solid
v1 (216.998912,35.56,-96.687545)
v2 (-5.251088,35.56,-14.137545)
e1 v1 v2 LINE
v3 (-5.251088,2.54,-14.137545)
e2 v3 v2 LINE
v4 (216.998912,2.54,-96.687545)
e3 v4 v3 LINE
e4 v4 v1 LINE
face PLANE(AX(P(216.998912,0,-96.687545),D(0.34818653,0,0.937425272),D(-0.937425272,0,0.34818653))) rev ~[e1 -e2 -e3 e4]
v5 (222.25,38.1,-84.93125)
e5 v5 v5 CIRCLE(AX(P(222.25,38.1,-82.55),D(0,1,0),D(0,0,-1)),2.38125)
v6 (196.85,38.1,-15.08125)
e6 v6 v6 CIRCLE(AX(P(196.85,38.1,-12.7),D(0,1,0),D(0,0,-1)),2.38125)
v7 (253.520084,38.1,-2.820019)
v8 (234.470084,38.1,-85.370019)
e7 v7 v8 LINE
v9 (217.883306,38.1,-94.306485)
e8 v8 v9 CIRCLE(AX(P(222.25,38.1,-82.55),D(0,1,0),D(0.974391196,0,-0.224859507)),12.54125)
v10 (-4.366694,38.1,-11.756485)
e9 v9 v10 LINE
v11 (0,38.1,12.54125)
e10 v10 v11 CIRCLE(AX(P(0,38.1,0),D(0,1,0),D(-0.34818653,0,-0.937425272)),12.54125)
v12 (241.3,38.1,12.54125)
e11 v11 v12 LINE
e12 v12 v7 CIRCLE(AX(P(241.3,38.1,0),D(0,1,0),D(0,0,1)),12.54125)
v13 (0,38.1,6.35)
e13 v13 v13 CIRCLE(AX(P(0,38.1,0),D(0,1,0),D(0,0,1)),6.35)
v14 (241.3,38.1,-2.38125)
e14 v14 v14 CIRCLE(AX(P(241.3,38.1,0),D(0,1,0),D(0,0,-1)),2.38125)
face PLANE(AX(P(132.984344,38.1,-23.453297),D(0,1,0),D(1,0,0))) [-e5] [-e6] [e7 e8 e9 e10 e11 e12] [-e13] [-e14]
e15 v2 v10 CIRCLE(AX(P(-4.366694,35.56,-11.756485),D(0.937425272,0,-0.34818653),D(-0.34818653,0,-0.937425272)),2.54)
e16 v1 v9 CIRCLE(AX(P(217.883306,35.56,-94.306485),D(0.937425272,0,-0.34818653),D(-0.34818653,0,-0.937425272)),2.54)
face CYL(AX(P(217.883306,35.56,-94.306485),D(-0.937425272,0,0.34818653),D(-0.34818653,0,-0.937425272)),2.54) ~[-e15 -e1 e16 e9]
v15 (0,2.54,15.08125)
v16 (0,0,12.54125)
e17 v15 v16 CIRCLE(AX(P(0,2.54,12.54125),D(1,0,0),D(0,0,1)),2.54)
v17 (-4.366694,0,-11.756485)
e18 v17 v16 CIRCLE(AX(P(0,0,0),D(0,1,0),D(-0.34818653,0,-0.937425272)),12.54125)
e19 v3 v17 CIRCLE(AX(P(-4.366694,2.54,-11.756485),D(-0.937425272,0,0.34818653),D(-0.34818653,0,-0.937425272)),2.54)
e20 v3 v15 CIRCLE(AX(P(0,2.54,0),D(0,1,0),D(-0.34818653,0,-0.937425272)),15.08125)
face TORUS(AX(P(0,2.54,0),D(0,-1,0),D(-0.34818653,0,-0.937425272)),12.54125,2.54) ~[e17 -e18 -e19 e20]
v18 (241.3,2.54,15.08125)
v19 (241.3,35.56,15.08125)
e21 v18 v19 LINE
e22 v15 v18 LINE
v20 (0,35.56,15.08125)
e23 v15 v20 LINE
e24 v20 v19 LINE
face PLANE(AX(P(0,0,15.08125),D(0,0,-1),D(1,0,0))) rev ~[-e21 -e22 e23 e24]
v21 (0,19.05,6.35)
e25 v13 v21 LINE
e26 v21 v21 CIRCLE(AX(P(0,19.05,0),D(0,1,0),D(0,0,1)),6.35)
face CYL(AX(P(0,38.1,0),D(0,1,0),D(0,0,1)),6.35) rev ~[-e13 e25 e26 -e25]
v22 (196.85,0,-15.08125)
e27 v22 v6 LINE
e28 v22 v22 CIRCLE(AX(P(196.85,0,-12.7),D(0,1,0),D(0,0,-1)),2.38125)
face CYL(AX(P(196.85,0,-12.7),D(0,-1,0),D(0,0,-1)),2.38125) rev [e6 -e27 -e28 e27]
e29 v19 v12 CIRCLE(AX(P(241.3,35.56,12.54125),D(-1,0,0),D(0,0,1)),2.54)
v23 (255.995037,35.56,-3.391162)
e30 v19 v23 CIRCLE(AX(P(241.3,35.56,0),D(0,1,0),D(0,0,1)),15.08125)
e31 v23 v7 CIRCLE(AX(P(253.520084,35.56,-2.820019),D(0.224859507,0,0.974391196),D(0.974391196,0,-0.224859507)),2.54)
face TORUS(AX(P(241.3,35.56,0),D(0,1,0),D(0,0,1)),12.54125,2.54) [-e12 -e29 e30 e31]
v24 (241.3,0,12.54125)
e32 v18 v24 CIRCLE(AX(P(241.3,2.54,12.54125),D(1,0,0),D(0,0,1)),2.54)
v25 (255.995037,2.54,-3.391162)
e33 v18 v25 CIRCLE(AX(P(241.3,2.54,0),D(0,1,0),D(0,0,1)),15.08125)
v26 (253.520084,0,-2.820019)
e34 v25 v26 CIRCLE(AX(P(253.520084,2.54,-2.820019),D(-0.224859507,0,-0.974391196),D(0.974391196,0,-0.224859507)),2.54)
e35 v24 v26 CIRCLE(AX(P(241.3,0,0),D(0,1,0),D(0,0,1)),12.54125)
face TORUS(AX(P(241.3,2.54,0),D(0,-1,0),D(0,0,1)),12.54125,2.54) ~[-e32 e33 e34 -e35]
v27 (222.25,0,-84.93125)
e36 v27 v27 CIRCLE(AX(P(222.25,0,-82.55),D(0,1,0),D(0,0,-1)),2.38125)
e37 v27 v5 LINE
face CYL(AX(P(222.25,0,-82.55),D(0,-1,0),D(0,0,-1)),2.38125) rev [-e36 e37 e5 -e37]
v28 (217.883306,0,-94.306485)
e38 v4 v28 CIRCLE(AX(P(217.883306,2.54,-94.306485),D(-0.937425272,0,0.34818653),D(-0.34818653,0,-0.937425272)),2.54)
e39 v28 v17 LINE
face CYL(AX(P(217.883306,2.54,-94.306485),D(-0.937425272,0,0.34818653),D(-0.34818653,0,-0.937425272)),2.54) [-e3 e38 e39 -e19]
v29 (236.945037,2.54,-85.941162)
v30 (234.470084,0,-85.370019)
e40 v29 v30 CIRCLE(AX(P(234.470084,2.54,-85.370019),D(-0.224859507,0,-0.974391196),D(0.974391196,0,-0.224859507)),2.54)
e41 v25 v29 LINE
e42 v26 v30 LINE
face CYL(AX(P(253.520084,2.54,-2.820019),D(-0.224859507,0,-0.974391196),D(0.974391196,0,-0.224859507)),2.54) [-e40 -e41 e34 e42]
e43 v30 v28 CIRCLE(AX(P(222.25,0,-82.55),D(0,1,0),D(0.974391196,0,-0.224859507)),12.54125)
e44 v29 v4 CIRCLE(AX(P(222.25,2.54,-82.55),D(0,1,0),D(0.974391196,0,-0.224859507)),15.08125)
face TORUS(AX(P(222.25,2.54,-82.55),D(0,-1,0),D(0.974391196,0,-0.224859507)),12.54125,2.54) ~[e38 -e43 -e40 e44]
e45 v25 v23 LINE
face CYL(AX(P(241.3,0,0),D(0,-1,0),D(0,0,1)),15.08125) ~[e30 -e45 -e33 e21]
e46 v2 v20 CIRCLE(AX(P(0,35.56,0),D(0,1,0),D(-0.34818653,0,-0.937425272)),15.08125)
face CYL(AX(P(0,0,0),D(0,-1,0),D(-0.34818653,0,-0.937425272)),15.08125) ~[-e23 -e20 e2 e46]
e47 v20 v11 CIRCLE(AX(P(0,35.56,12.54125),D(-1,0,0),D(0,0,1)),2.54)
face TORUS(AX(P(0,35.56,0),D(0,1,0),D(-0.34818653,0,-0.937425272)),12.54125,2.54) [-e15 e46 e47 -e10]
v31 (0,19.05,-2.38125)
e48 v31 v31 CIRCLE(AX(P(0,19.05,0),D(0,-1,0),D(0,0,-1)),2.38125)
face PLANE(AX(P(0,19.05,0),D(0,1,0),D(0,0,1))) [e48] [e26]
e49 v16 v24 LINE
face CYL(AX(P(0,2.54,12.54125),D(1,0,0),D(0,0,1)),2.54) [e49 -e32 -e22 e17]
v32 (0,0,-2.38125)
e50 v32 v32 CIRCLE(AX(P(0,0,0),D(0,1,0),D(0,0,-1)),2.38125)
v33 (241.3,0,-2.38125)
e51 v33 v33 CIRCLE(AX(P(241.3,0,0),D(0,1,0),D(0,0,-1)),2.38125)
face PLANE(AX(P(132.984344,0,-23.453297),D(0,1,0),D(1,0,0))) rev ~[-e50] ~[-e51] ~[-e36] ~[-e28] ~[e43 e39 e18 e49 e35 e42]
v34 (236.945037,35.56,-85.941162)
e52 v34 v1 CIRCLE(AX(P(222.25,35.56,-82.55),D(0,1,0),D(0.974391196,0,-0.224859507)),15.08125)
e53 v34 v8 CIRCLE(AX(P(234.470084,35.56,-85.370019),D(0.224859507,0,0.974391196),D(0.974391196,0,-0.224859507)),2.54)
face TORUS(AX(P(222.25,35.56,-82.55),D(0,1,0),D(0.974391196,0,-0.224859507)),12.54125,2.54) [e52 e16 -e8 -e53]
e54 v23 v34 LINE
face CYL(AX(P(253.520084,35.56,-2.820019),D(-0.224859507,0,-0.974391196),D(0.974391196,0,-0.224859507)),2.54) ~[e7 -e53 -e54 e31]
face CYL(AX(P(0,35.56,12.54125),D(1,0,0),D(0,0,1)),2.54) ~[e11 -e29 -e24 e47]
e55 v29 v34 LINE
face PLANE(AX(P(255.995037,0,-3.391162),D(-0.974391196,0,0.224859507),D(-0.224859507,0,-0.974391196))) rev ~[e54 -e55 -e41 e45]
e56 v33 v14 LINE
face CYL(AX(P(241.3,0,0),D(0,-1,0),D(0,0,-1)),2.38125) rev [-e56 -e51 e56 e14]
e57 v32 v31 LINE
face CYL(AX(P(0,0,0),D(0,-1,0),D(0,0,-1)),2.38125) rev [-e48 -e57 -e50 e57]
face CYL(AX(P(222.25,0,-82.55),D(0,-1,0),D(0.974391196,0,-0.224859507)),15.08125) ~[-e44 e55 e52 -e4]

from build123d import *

# Parameters (mm, degrees)
SKETCH1_R           = 2.38125
BOSS_EXTRUDE1_DEPTH = 38.1
FILLET1_R           = 2.54
SKETCH2_R           = 6.35
CUT_EXTRUDE1_DEPTH  = 19.05


with BuildPart() as part:
    # Sketch1 → Boss-Extrude1 (new body)
    with BuildSketch(Plane(origin=(0, 0, 0), x_dir=(1, 0, 0), z_dir=(0, 1, 0))):
        with BuildLine():
            Line((216.9989119, 96.687544883), (-5.2510881, 14.137544883))
            ThreePointArc((-5.2510881, 14.137544883), (-14.843448897, -2.667606866), (0, -15.08125))
            Line((0, -15.08125), (241.3, -15.08125))
            ThreePointArc((241.3, -15.08125), (253.102268215, -9.388853313), (255.99503722, 3.391162435))
            Line((255.99503722, 3.391162435), (236.94503722, 85.941162435))
            ThreePointArc((236.94503722, 85.941162435), (229.403197025, 95.826892478), (216.9989119, 96.687544883))
        make_face()
        with Locations(Location((0, 0, 0), (0, 0, 90))):
            Circle(SKETCH1_R, mode=Mode.SUBTRACT)
        with Locations(Location((196.85, 12.7, 0), (0, 0, 90))):
            Circle(SKETCH1_R, mode=Mode.SUBTRACT)
        with Locations(Location((241.3, 0, 0), (0, 0, 90))):
            Circle(SKETCH1_R, mode=Mode.SUBTRACT)
        with Locations(Location((222.25, 82.55, 0), (0, 0, 90))):
            Circle(SKETCH1_R, mode=Mode.SUBTRACT)
    extrude(amount=BOSS_EXTRUDE1_DEPTH)

    # Fillet1
    fillet1_edges = [part.edges().sort_by_distance(p)[0] for p in [
        (229.403197025, 38.1, -95.826892478),
        (253.102268215, 0, 9.388853313),
        (120.65, 0, 15.08125),
        (-14.843448897, 0, 2.667606866),
        (105.8739119, 0, -55.412544883),
        (229.403197025, 0, -95.826892478),
        (246.47003722, 0, -44.666162435),
        (105.8739119, 38.1, -55.412544883),
        (-14.843448897, 38.1, 2.667606866),
        (120.65, 38.1, 15.08125),
        (253.102268215, 38.1, 9.388853313),
        (246.47003722, 38.1, -44.666162435),
    ]]
    fillet(fillet1_edges, radius=FILLET1_R)

    # Sketch2 → Cut-Extrude1 (cut)
    with BuildSketch(Plane(origin=(0, 38.1, 0), x_dir=(1, 0, 0), z_dir=(0, 1, 0))):
        with Locations(Location((0, 0, 0), (0, 0, 270))):
            Circle(SKETCH2_R)
    extrude(amount=-CUT_EXTRUDE1_DEPTH, mode=Mode.SUBTRACT)


solid = part.part
